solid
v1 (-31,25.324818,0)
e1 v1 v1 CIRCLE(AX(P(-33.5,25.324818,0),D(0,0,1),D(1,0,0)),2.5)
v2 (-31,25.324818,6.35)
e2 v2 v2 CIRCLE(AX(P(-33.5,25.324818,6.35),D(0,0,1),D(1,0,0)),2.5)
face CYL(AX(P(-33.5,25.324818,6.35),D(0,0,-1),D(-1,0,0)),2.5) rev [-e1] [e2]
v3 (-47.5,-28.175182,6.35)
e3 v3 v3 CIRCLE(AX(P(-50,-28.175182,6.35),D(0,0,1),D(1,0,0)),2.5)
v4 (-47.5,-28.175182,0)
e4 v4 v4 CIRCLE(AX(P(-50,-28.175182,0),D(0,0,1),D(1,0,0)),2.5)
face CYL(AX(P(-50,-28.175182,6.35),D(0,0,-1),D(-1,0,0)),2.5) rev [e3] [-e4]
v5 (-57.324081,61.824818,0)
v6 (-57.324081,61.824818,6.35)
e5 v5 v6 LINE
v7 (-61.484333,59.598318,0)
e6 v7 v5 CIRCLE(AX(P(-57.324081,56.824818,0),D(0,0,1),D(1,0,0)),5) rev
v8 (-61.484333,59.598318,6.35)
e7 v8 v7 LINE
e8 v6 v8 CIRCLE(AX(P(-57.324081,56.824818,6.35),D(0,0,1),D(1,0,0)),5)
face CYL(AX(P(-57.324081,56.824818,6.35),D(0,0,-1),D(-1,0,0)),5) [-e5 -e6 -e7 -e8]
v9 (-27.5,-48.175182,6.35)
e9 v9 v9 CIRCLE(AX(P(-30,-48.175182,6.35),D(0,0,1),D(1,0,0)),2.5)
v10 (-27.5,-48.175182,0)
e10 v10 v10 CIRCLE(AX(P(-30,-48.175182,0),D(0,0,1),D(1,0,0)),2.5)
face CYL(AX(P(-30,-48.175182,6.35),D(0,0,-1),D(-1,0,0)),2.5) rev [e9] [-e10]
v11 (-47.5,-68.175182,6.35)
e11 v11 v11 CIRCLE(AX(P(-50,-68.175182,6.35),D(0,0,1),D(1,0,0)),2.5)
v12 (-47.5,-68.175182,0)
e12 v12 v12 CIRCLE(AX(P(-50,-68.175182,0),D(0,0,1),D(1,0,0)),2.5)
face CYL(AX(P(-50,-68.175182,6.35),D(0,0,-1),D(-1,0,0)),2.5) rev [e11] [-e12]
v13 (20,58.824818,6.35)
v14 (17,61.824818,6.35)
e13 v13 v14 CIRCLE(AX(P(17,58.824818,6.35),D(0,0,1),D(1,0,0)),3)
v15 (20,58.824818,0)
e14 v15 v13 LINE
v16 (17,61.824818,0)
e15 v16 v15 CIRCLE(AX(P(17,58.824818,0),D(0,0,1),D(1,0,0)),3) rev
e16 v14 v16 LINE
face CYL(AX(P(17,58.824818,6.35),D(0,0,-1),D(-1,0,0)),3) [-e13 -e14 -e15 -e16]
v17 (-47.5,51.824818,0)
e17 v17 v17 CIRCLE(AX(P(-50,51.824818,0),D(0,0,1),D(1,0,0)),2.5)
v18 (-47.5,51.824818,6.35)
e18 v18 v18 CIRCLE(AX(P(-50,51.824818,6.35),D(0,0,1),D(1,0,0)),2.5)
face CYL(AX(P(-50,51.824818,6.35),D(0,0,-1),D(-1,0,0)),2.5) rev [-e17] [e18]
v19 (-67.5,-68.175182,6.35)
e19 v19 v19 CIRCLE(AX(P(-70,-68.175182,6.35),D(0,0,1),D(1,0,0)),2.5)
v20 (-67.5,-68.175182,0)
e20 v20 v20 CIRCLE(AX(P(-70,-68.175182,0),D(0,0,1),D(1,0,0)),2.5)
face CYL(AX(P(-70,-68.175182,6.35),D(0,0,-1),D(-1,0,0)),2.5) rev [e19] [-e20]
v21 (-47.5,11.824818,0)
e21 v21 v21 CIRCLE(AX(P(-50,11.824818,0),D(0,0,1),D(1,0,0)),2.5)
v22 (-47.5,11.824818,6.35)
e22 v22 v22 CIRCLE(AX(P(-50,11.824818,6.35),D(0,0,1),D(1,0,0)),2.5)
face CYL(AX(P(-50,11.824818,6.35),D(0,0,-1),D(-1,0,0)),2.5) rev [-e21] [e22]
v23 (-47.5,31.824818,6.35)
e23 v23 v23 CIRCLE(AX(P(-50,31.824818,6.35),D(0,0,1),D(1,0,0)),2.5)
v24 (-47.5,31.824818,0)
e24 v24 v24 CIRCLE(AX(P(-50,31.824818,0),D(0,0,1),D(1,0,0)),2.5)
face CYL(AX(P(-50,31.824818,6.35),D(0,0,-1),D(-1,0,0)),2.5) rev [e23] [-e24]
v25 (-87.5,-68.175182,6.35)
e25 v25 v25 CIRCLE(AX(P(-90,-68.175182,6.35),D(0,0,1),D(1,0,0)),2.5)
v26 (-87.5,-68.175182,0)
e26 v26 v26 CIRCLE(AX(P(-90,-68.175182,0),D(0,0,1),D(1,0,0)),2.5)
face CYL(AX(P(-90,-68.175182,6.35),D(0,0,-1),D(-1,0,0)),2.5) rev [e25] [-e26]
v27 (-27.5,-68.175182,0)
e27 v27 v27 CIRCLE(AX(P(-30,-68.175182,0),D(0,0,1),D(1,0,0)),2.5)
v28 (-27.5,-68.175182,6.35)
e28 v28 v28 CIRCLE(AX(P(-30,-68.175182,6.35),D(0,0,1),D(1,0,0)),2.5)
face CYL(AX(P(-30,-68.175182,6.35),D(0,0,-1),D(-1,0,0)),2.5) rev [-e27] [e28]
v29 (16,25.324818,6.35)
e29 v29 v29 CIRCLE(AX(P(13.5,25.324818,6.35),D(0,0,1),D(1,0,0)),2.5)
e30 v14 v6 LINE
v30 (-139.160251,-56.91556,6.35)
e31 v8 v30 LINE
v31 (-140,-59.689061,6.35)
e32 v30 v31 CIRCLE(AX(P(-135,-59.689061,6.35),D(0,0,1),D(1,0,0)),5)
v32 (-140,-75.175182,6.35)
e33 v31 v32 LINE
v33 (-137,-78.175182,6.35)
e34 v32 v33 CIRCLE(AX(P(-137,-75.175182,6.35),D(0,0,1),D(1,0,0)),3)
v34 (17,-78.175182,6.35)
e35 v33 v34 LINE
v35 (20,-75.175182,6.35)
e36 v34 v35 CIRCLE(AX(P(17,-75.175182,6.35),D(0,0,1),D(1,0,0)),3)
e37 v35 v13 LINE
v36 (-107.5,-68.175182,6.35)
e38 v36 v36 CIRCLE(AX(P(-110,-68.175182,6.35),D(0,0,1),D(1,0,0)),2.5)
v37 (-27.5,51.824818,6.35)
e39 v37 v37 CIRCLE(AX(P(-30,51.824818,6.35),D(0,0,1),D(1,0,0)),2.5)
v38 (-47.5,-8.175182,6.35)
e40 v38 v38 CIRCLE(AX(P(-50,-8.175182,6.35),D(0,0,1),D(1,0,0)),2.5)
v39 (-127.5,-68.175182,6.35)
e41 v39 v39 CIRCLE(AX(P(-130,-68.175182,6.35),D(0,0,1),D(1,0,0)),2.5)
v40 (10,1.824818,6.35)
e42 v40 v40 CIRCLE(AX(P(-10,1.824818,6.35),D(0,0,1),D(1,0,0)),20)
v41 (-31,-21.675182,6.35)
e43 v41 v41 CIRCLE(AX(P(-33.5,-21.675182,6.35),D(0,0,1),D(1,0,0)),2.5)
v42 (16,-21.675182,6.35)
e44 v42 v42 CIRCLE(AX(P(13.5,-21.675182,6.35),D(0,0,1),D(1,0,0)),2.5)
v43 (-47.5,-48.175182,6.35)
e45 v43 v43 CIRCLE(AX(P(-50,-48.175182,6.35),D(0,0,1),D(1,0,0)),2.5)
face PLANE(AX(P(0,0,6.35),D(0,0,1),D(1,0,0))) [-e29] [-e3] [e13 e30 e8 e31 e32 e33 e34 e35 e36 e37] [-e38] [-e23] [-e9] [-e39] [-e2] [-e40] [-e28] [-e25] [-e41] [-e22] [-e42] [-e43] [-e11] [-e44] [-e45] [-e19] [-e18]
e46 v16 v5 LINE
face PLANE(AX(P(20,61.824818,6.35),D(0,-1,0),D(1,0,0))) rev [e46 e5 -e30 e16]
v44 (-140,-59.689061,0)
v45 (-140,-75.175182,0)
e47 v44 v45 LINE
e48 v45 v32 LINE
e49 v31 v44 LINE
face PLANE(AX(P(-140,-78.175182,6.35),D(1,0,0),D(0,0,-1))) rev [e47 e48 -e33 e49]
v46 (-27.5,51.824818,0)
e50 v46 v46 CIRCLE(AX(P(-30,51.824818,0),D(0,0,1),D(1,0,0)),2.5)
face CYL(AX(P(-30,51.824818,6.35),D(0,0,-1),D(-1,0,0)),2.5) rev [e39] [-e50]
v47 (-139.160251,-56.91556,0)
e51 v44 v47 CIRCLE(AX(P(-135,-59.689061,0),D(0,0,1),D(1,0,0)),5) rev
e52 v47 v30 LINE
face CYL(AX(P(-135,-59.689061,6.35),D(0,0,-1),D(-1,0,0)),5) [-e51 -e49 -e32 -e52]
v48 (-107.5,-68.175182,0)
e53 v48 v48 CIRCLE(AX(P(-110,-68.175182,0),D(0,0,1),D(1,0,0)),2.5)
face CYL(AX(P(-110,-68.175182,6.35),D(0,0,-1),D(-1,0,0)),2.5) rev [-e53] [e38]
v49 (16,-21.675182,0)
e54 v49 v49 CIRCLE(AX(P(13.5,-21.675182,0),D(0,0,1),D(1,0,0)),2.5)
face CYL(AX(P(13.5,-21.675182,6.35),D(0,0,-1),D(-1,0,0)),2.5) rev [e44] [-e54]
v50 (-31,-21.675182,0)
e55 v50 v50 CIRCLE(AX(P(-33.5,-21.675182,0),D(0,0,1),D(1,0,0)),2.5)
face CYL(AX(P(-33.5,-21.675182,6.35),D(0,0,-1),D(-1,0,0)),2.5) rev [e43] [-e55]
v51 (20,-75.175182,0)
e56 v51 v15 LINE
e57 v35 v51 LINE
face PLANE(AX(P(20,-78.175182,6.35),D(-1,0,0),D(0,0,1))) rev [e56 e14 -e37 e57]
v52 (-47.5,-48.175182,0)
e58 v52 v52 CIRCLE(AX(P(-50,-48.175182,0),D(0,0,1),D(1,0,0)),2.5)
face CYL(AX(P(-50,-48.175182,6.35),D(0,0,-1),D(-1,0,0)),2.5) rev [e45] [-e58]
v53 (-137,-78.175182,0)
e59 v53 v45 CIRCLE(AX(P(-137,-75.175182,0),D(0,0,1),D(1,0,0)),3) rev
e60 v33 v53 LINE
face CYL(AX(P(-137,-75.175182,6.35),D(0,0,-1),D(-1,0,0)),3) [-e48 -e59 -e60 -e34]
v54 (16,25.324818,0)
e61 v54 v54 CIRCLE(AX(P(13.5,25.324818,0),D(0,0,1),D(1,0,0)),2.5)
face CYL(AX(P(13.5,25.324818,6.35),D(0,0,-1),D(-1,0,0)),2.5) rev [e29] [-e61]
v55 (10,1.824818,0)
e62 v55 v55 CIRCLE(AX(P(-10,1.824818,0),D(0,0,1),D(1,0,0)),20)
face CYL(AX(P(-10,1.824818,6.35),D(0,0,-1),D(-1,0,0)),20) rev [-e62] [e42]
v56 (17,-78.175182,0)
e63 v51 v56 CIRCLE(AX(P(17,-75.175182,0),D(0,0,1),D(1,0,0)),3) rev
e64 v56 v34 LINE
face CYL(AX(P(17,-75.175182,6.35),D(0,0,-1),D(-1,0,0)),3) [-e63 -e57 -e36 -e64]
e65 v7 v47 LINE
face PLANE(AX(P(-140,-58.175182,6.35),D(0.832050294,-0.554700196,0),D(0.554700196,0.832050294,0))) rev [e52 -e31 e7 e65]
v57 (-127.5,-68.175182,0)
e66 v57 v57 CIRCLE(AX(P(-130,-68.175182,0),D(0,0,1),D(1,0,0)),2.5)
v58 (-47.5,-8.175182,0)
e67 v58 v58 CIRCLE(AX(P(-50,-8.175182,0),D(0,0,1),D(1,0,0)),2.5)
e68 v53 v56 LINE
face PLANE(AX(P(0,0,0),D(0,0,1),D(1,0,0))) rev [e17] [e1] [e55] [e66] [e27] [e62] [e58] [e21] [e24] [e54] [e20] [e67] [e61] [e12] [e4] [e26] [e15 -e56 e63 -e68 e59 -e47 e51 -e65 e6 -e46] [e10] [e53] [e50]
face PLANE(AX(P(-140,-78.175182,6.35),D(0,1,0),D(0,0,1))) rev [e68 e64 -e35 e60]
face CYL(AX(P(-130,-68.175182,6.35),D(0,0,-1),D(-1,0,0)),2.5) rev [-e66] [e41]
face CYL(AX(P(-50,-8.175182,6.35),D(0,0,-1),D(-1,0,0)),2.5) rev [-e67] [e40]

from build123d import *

# Parameters (mm, degrees)
SKETCH1_R           = 2.5
SKETCH1_R_2         = 20
BOSS_EXTRUDE1_DEPTH = 6.35
FILLET1_R           = 5
FILLET2_R           = 3


with BuildPart() as part:
    # Sketch1 → Boss-Extrude1 (new body)
    with BuildSketch(Plane.XY):
        Polygon((20, 61.824817518), (-60, 61.824817518), (-140, -58.175182482), (-140, -78.175182482), (20, -78.175182482), align=None)
        with Locations((-50, -48.175182482)):
            Circle(SKETCH1_R, mode=Mode.SUBTRACT)
        with Locations((-50, -28.175182482)):
            Circle(SKETCH1_R, mode=Mode.SUBTRACT)
        with Locations((-50, -8.175182482)):
            Circle(SKETCH1_R, mode=Mode.SUBTRACT)
        with Locations((-50, 11.824817518)):
            Circle(SKETCH1_R, mode=Mode.SUBTRACT)
        with Locations((-50, 31.824817518)):
            Circle(SKETCH1_R, mode=Mode.SUBTRACT)
        with Locations((-50, 51.824817518)):
            Circle(SKETCH1_R, mode=Mode.SUBTRACT)
        with Locations((-30, -48.175182482)):
            Circle(SKETCH1_R, mode=Mode.SUBTRACT)
        with Locations((-30, 51.824817518)):
            Circle(SKETCH1_R, mode=Mode.SUBTRACT)
        with Locations((-10, 1.824817518)):
            Circle(SKETCH1_R_2, mode=Mode.SUBTRACT)
        with Locations((-30, -68.175182482)):
            Circle(SKETCH1_R, mode=Mode.SUBTRACT)
        with Locations((-50, -68.175182482)):
            Circle(SKETCH1_R, mode=Mode.SUBTRACT)
        with Locations((-70, -68.175182482)):
            Circle(SKETCH1_R, mode=Mode.SUBTRACT)
        with Locations((-90, -68.175182482)):
            Circle(SKETCH1_R, mode=Mode.SUBTRACT)
        with Locations((-110, -68.175182482)):
            Circle(SKETCH1_R, mode=Mode.SUBTRACT)
        with Locations((-130, -68.175182482)):
            Circle(SKETCH1_R, mode=Mode.SUBTRACT)
        with Locations((-33.5, 25.324817518)):
            Circle(SKETCH1_R, mode=Mode.SUBTRACT)
        with Locations((13.5, 25.324817518)):
            Circle(SKETCH1_R, mode=Mode.SUBTRACT)
        with Locations((13.5, -21.675182482)):
            Circle(SKETCH1_R, mode=Mode.SUBTRACT)
        with Locations((-33.5, -21.675182482)):
            Circle(SKETCH1_R, mode=Mode.SUBTRACT)
    extrude(amount=BOSS_EXTRUDE1_DEPTH)

    # Fillet1
    fillet1_edges = [part.edges().sort_by_distance(p)[0] for p in [
        (-140, -58.175182482, 3.175),
        (-60, 61.824817518, 3.175),
    ]]
    fillet(fillet1_edges, radius=FILLET1_R)

    # Fillet2
    fillet2_edges = [part.edges().sort_by_distance(p)[0] for p in [
        (20, -78.175182482, 3.175),
        (-140, -78.175182482, 3.175),
        (20, 61.824817518, 3.175),
    ]]
    fillet(fillet2_edges, radius=FILLET2_R)


solid = part.part
